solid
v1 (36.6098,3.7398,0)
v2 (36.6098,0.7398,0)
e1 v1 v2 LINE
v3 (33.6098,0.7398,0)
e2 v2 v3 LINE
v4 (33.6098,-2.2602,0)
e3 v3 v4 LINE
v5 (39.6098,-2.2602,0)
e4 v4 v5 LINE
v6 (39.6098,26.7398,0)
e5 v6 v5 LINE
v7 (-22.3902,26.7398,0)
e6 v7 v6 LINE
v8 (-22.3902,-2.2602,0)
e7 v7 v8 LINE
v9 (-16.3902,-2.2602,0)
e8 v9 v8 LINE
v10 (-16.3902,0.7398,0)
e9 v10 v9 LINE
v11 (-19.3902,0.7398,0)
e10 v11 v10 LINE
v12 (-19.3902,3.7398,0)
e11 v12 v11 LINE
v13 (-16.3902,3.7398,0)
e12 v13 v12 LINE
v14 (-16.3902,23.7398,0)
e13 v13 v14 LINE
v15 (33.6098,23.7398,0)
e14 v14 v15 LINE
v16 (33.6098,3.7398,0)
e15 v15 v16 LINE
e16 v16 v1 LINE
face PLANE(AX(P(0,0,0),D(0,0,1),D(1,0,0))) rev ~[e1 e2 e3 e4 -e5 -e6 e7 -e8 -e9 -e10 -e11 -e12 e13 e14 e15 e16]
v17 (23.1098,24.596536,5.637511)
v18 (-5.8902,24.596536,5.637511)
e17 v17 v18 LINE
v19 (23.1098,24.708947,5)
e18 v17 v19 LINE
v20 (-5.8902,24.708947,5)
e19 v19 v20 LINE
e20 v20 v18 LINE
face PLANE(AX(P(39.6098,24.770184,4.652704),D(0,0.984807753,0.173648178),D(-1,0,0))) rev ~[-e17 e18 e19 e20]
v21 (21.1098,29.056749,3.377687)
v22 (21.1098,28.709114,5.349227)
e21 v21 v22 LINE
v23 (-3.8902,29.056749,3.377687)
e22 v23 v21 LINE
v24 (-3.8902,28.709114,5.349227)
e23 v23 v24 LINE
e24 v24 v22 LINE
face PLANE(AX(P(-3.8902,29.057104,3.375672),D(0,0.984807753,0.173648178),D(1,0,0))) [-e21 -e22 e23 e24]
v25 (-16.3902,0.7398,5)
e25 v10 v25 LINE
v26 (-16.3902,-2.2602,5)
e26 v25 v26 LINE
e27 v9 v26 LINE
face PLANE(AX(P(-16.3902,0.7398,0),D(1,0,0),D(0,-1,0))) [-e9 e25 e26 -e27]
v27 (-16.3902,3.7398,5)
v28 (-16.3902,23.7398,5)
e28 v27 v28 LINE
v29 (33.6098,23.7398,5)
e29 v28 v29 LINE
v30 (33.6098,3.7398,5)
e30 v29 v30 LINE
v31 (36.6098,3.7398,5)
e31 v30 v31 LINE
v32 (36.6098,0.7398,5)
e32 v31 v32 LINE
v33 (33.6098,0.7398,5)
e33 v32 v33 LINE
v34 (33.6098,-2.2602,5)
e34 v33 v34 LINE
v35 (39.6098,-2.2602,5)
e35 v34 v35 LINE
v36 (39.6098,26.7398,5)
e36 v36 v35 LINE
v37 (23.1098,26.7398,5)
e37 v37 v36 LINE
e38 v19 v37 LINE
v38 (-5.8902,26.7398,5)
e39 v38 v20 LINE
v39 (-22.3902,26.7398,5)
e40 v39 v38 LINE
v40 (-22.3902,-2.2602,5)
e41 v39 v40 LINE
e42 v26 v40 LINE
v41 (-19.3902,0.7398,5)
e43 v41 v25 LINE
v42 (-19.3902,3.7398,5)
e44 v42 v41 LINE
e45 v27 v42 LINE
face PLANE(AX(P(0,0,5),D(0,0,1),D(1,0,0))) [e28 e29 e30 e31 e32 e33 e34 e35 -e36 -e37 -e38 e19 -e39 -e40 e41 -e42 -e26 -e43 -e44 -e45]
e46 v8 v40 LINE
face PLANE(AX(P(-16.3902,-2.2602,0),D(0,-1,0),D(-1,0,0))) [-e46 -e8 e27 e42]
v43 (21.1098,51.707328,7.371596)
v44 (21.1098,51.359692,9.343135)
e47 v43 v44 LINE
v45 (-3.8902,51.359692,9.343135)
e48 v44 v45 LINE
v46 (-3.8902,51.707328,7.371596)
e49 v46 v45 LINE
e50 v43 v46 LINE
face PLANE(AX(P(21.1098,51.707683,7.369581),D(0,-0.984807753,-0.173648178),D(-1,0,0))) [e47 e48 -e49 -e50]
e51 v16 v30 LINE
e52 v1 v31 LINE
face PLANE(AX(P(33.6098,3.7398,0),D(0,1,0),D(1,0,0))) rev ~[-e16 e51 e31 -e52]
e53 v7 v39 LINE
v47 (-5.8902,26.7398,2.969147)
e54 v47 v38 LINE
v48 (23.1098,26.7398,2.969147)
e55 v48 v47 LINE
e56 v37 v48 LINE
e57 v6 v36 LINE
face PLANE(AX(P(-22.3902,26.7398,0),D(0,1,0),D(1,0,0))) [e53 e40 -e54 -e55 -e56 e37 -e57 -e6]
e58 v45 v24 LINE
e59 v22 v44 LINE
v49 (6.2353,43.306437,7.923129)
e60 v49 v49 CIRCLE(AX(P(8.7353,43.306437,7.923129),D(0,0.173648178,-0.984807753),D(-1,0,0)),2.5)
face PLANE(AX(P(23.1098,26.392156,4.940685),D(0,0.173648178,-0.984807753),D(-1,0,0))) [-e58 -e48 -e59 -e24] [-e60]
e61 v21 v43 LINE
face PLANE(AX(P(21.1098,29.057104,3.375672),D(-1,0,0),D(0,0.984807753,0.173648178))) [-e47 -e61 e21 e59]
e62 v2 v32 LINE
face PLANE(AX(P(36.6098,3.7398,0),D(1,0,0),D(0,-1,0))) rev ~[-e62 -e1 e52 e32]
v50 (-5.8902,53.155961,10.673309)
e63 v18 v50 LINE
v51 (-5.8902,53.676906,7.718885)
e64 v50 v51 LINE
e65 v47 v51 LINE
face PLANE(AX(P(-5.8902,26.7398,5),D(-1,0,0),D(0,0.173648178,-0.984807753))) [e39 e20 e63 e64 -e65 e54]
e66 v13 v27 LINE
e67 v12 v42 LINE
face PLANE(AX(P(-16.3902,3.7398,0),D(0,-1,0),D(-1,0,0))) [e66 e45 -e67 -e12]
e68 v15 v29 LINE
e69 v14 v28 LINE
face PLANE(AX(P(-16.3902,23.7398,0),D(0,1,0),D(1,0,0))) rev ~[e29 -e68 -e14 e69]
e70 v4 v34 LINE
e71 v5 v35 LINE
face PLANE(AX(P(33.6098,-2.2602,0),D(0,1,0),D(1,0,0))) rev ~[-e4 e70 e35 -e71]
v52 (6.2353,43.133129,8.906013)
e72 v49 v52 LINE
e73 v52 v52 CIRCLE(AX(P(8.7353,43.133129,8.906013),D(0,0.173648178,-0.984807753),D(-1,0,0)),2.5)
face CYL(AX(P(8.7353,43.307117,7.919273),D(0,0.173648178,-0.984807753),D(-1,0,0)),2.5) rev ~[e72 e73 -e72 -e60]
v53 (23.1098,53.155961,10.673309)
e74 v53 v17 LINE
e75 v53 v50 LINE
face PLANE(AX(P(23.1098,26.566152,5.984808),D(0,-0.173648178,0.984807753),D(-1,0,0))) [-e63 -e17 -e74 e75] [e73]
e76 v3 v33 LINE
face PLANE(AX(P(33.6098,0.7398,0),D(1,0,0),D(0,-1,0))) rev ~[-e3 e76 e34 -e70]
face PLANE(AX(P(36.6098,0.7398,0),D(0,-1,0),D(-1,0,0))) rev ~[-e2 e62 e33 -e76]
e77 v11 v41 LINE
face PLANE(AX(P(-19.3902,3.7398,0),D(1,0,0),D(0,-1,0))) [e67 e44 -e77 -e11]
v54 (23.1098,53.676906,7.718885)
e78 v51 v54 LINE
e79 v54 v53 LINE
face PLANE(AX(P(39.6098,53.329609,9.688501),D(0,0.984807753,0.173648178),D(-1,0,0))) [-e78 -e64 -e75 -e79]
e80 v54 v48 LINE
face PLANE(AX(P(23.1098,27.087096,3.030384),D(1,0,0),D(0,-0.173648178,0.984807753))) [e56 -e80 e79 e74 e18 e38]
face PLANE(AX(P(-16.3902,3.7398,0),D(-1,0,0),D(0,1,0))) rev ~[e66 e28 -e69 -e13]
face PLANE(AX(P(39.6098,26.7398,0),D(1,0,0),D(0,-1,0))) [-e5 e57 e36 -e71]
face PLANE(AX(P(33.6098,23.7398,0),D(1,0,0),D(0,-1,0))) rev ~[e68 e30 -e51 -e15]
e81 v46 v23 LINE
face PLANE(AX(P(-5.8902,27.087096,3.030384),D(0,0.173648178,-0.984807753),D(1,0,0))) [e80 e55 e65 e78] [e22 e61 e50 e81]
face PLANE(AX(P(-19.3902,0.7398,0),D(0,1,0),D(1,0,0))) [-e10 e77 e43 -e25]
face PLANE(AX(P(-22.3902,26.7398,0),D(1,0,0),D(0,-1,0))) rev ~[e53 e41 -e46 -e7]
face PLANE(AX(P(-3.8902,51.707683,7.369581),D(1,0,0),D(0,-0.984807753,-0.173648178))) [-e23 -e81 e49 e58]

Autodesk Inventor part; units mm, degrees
ref_plane "YZ Plane" through (0, 0, 0) normal (1, 0, 0) x (0, 1, 0)
ref_plane "XZ Plane" through (0, 0, 0) normal (0, 1, 0) x (-1, 0, 0)
ref_plane "XY Plane" through (0, 0, 0) normal (0, 0, 1) x (1, 0, 0)
sketch "Esquisse1" plane through (0, 0, 0) normal (0, 0, 1) x (1, 0, 0)
  line L0 (-16.3902, 3.7398) -> (-19.3902, 3.7398)
  line L1 (-19.3902, 3.7398) -> (-19.3902, 0.7398)
  line L2 (-19.3902, 0.7398) -> (-16.3902, 0.7398)
  line L3 (-16.3902, 0.7398) -> (-16.3902, -2.2602)
  line L4 (-16.3902, -2.2602) -> (-22.3902, -2.2602)
  line L5 (-16.3902, 3.7398) -> (-16.3902, 23.7398)
  line L6 (33.6098, 23.7398) -> (33.6098, 3.7398)
  line L7 (33.6098, 3.7398) -> (36.6098, 3.7398)
  line L8 (36.6098, 3.7398) -> (36.6098, 0.7398)
  line L9 (36.6098, 0.7398) -> (33.6098, 0.7398)
  line L10 (33.6098, 0.7398) -> (33.6098, -2.2602)
  line L11 (33.6098, -2.2602) -> (39.6098, -2.2602)
  line L12 (-22.3902, 26.7398) -> (39.6098, 26.7398)
  line L13 (-16.3902, 23.7398) -> (33.6098, 23.7398)
  line L14 (-22.3902, 26.7398) -> (-22.3902, -2.2602)
  line L15 (39.6098, 26.7398) -> (39.6098, -2.2602)
  point P0 (0, 0)
  dimension "d0" = 56
  dimension "d1" = 3
  dimension "d2" = 3
  dimension "d3" = 3
  dimension "d4" = 3
  dimension "d5" = 20
  dimension "d6" = 20
  dimension "d7" = 50
  dimension "d8" = 3
  dimension "d9" = 6
  dimension "d10" = 6
  dimension "d11" = 3
  dimension "d12" = 3
extrude "Extrusion1" add sketch "Esquisse1" along normal blind 5
ref_plane "Plan de construction1" through (39.6098, 26.7398, 5) normal (0, 0.9848, 0.1736) x (-1, 0, 0)
sketch "Esquisse2" plane through (39.6098, 26.7398, 5) normal (0, 0.9848, 0.1736) x (-1, 0, 0)
  line L0 (45.5, -2) -> (16.5, -2)
  line L1 (16.5, -2) -> (16.5, 1)
  line L2 (16.5, 1) -> (45.5, 1)
  line L3 (45.5, 1) -> (45.5, -2)
  line L4 (0, 0) -> (62, 0) projected
  line L5 (0, -4.924) -> (0, 0) projected
  point P0 (39.6098, -0.2807)
  dimension "d16" = 29
  dimension "d17" = 3
  dimension "d18" = 1
  dimension "d23" = 16.5
extrude "Extrusion2" add sketch "Esquisse2" along normal blind 27 and the other way blind 2
sketch "Esquisse3" plane through (23.1098, 26.7398, 2.9691) normal (0, 0.1736, -0.9848) x (-1, 0, 0)
  line L0 (2, 25.3527) -> (27, 25.3527)
  line L1 (27, 25.3527) -> (27, 2.3527)
  line L2 (27, 2.3527) -> (2, 2.3527)
  line L3 (2, 2.3527) -> (2, 25.3527)
  line L4 (0, 27.3527) -> (29, 27.3527) projected
  line L5 (29, 0) -> (29, 27.3527) projected
  line L6 (-28.9, 0.3527) -> (57.9, 0.3527) projected
  line L7 (0, 0) -> (0, 27.3527) projected
  point P0 (23.1098, -26.8492)
  dimension "d24" = 2
  dimension "d25" = 2
  dimension "d26" = 2
  dimension "d27" = 2
extrude "Extrusion3" cut sketch "Esquisse3" against normal blind 2 contours L0 L1 L2 L3
sketch "Esquisse4" plane through (23.1098, 26.3925, 4.9388) normal (0, 0.1736, -0.9848) x (-1, 0, 0)
  circle A0 centre (14.3745, 17.1752) radius 2.5
  point P0 (23.1098, -26.8492)
  dimension "d30" = 5
extrude "Extrusion4" cut sketch "Esquisse4" against normal blind 10
properties part number "support_caméra"
